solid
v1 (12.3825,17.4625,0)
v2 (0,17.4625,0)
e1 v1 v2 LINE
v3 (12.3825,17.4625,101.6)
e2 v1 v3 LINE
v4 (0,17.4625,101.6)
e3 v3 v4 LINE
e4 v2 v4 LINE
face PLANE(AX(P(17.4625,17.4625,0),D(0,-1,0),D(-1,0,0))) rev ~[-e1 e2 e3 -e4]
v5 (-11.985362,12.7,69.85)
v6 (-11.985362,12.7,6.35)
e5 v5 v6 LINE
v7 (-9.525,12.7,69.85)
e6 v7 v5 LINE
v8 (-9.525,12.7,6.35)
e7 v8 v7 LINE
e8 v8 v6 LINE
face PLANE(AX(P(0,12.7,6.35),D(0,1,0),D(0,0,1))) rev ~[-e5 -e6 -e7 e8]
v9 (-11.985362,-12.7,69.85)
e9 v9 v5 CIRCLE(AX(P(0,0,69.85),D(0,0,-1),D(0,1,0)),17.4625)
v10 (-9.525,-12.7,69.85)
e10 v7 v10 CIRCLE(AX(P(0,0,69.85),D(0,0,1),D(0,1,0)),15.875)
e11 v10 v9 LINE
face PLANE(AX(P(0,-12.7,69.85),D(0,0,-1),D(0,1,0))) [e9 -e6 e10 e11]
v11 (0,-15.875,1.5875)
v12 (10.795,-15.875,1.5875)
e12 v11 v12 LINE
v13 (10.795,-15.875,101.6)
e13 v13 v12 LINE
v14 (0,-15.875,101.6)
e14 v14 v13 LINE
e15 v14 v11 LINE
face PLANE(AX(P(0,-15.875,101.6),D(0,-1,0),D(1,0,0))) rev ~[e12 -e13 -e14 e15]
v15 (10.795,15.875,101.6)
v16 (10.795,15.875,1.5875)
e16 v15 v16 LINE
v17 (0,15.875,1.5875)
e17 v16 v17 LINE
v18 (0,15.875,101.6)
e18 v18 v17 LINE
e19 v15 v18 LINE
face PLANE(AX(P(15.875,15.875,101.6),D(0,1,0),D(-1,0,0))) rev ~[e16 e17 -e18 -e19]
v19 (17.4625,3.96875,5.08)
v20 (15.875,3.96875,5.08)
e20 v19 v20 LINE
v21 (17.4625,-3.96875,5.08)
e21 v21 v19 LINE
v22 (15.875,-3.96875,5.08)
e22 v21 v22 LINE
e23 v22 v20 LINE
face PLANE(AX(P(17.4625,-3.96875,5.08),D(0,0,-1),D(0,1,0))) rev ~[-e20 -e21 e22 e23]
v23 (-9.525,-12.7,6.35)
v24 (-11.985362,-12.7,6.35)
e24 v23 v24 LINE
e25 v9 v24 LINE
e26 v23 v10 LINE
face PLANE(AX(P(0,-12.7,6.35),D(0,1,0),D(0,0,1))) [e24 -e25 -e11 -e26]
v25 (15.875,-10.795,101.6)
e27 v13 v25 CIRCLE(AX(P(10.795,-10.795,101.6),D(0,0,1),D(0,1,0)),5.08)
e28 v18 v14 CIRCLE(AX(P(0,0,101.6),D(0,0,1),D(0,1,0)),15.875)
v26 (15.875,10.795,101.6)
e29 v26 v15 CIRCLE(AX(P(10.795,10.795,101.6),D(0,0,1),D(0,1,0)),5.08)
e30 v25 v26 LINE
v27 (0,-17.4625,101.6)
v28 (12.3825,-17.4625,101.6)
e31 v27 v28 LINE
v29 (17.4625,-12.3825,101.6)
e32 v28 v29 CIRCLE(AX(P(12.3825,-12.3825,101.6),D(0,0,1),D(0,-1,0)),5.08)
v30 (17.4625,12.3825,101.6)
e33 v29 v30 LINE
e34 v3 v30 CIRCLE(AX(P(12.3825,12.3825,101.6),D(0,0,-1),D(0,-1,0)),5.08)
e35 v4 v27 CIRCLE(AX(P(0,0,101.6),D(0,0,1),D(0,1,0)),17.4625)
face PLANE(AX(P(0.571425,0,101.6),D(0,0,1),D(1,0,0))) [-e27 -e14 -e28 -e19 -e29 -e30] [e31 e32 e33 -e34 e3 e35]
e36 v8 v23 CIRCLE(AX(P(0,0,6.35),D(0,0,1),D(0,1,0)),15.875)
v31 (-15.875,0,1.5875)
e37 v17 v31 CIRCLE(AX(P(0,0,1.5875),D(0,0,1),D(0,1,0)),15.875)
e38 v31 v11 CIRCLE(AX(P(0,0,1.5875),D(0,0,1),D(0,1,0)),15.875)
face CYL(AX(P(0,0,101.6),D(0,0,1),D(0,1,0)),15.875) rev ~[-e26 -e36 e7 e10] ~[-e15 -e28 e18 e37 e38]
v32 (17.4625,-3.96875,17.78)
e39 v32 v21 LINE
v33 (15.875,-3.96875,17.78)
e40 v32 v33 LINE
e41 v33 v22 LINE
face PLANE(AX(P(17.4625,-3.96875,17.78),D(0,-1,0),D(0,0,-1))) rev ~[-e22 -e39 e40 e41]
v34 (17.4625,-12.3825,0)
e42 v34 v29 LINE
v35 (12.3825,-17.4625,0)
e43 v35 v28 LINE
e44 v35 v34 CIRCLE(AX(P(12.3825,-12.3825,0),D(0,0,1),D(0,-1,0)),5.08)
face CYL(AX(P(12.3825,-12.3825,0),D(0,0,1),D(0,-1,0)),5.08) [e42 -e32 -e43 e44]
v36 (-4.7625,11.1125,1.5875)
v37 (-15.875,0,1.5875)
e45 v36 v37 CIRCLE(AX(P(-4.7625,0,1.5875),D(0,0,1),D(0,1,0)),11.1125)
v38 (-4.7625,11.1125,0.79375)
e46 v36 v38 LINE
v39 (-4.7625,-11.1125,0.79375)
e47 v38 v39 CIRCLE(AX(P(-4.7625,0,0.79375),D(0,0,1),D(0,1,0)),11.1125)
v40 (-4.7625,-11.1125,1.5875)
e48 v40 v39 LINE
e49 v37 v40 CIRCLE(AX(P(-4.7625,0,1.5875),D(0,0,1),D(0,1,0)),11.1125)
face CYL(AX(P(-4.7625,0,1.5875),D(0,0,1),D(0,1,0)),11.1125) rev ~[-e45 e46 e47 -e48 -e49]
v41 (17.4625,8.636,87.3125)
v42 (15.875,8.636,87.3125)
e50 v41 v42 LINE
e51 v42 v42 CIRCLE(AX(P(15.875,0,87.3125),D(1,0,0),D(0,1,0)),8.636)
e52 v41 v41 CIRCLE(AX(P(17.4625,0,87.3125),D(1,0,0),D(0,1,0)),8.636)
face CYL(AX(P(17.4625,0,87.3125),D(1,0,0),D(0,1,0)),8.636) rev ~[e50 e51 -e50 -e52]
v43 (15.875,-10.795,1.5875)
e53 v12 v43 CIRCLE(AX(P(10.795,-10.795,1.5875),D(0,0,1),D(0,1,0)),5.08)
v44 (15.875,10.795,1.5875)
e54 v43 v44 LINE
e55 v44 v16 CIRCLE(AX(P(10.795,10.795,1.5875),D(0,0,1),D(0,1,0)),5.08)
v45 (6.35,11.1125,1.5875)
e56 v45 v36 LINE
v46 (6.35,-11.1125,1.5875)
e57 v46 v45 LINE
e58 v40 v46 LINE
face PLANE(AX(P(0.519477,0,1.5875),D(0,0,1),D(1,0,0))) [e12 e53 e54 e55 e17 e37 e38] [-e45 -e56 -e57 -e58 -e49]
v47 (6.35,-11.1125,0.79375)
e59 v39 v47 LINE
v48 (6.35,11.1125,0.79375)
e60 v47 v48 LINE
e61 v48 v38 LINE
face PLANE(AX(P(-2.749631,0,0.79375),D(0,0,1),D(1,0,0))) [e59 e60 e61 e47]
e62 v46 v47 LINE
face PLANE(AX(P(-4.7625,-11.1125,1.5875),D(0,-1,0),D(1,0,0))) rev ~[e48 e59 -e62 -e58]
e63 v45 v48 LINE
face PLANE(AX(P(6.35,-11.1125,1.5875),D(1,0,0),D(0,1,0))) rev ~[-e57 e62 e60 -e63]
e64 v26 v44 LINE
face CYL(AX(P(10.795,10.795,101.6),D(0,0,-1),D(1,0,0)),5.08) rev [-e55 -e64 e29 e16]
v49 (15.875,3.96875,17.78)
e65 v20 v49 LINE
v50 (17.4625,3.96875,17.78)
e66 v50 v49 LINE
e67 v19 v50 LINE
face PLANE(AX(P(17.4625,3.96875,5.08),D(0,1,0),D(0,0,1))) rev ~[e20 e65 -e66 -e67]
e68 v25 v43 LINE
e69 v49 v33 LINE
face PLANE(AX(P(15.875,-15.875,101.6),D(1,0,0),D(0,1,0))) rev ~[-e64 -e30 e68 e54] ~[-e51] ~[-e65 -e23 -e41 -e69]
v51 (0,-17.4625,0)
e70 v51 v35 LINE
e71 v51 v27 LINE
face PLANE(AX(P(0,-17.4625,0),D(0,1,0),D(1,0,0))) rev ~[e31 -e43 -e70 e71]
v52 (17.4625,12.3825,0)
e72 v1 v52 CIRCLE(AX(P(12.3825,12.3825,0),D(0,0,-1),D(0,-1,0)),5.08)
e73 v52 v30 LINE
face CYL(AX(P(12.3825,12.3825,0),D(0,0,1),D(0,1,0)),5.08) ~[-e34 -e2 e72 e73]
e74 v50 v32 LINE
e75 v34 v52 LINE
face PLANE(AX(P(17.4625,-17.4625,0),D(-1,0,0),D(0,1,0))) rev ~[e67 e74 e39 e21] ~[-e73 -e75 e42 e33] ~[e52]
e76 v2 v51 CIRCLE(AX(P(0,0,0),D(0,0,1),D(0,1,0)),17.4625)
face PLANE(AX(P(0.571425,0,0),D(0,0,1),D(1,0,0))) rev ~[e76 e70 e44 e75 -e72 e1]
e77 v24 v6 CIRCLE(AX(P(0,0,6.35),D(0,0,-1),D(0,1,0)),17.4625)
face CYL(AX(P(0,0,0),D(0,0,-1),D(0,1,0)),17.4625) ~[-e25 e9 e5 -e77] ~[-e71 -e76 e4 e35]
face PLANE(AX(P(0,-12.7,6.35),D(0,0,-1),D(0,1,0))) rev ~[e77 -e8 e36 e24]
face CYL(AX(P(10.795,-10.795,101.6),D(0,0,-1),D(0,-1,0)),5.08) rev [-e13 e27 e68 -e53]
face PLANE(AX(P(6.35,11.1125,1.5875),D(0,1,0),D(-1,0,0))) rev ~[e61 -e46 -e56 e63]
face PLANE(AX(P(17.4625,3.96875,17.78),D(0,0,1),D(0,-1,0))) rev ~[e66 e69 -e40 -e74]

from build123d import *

# Parameters (mm, degrees)
F1_DEPTH  = 101.6
F3_DEPTH  = 100.0125
F4_R      = 5.08
F5_R      = 5.08
F6_R      = 8.636
F7_DEPTH  = 25.4
F9_DEPTH  = 25.4
F10_W     = 25.4
F10_H     = 63.5
F11_DEPTH = 25.4
F13_DEPTH = 0.79375


with BuildPart() as f1:
    # F0 (on Top) → F1 (new body)
    with BuildSketch(Plane.XY):
        with BuildLine():
            ThreePointArc((0, -17.4625), (12.347852, -12.347852), (17.4625, 0))
            ThreePointArc((17.4625, 0), (12.347852, 12.347852), (0, 17.4625))
            ThreePointArc((0, 17.4625), (-17.4625, 0), (0, -17.4625))
        make_face()
        with BuildLine():
            Line((17.4625, -17.4625), (17.4625, 0))
            ThreePointArc((17.4625, 0), (12.347852, -12.347852), (0, -17.4625))
            Line((0, -17.4625), (17.4625, -17.4625))
        make_face()
        with BuildLine():
            ThreePointArc((0, 17.4625), (12.347852, 12.347852), (17.4625, 0))
            Line((17.4625, 0), (17.4625, 17.4625))
            Line((17.4625, 17.4625), (0, 17.4625))
        make_face()
    extrude(amount=F1_DEPTH)

    # F2 (on face) → F3 (cut)
    with BuildSketch(Plane.XY.offset(101.6)):
        with BuildLine():
            ThreePointArc((0, -15.875), (11.22532, -11.22532), (15.875, 0))
            ThreePointArc((15.875, 0), (11.22532, 11.22532), (0, 15.875))
            ThreePointArc((0, 15.875), (-15.875, 0), (0, -15.875))
        make_face()
        with BuildLine():
            Line((15.875, -15.875), (15.875, 0))
            ThreePointArc((15.875, 0), (11.22532, -11.22532), (0, -15.875))
            Line((0, -15.875), (15.875, -15.875))
        make_face()
        with BuildLine():
            ThreePointArc((0, 15.875), (11.22532, 11.22532), (15.875, 0))
            Line((15.875, 0), (15.875, 15.875))
            Line((15.875, 15.875), (0, 15.875))
        make_face()
    extrude(amount=-F3_DEPTH, mode=Mode.SUBTRACT)

    # F4
    f4_edges = [f1.edges().sort_by_distance(p)[0] for p in [
        (17.4625, -17.4625, 50.8),
        (17.4625, 17.4625, 50.8),
    ]]
    fillet(f4_edges, radius=F4_R)

    # F5
    f5_edges = [f1.edges().sort_by_distance(p)[0] for p in [
        (15.875, 15.875, 51.59375),
        (15.875, -15.875, 51.59375),
    ]]
    fillet(f5_edges, radius=F5_R)

    # F6 (on face) → F7 (cut)
    with BuildSketch(Plane.YZ.offset(17.4625)):
        with Locations((0, 87.3125)):
            Circle(F6_R)
    extrude(amount=-F7_DEPTH, mode=Mode.SUBTRACT)

    # F8 (on face) → F9 (cut)
    with BuildSketch(Plane.YZ.offset(17.4625)):
        Polygon((-3.96875, 5.08), (0, 5.08), (3.96875, 5.08), (3.96875, 17.78), (-3.96875, 17.78), align=None)
    extrude(amount=-F9_DEPTH, mode=Mode.SUBTRACT)

    # F10 (on Right) → F11 (cut)
    with BuildSketch(Plane.YZ):
        with Locations((0, 38.1)):
            Rectangle(F10_W, F10_H)
    extrude(amount=-F11_DEPTH, mode=Mode.SUBTRACT)

    # F12 (on face) → F13 (cut)
    with BuildSketch(Plane.XY.offset(1.5875)):
        with BuildLine():
            Line((6.35, 11.1125), (-4.7625, 11.1125))
            ThreePointArc((-4.7625, 11.1125), (-15.875, 0), (-4.7625, -11.1125))
            Line((-4.7625, -11.1125), (6.35, -11.1125))
            Line((6.35, -11.1125), (6.35, 11.1125))
        make_face()
    extrude(amount=-F13_DEPTH, mode=Mode.SUBTRACT)


solid = f1.part
